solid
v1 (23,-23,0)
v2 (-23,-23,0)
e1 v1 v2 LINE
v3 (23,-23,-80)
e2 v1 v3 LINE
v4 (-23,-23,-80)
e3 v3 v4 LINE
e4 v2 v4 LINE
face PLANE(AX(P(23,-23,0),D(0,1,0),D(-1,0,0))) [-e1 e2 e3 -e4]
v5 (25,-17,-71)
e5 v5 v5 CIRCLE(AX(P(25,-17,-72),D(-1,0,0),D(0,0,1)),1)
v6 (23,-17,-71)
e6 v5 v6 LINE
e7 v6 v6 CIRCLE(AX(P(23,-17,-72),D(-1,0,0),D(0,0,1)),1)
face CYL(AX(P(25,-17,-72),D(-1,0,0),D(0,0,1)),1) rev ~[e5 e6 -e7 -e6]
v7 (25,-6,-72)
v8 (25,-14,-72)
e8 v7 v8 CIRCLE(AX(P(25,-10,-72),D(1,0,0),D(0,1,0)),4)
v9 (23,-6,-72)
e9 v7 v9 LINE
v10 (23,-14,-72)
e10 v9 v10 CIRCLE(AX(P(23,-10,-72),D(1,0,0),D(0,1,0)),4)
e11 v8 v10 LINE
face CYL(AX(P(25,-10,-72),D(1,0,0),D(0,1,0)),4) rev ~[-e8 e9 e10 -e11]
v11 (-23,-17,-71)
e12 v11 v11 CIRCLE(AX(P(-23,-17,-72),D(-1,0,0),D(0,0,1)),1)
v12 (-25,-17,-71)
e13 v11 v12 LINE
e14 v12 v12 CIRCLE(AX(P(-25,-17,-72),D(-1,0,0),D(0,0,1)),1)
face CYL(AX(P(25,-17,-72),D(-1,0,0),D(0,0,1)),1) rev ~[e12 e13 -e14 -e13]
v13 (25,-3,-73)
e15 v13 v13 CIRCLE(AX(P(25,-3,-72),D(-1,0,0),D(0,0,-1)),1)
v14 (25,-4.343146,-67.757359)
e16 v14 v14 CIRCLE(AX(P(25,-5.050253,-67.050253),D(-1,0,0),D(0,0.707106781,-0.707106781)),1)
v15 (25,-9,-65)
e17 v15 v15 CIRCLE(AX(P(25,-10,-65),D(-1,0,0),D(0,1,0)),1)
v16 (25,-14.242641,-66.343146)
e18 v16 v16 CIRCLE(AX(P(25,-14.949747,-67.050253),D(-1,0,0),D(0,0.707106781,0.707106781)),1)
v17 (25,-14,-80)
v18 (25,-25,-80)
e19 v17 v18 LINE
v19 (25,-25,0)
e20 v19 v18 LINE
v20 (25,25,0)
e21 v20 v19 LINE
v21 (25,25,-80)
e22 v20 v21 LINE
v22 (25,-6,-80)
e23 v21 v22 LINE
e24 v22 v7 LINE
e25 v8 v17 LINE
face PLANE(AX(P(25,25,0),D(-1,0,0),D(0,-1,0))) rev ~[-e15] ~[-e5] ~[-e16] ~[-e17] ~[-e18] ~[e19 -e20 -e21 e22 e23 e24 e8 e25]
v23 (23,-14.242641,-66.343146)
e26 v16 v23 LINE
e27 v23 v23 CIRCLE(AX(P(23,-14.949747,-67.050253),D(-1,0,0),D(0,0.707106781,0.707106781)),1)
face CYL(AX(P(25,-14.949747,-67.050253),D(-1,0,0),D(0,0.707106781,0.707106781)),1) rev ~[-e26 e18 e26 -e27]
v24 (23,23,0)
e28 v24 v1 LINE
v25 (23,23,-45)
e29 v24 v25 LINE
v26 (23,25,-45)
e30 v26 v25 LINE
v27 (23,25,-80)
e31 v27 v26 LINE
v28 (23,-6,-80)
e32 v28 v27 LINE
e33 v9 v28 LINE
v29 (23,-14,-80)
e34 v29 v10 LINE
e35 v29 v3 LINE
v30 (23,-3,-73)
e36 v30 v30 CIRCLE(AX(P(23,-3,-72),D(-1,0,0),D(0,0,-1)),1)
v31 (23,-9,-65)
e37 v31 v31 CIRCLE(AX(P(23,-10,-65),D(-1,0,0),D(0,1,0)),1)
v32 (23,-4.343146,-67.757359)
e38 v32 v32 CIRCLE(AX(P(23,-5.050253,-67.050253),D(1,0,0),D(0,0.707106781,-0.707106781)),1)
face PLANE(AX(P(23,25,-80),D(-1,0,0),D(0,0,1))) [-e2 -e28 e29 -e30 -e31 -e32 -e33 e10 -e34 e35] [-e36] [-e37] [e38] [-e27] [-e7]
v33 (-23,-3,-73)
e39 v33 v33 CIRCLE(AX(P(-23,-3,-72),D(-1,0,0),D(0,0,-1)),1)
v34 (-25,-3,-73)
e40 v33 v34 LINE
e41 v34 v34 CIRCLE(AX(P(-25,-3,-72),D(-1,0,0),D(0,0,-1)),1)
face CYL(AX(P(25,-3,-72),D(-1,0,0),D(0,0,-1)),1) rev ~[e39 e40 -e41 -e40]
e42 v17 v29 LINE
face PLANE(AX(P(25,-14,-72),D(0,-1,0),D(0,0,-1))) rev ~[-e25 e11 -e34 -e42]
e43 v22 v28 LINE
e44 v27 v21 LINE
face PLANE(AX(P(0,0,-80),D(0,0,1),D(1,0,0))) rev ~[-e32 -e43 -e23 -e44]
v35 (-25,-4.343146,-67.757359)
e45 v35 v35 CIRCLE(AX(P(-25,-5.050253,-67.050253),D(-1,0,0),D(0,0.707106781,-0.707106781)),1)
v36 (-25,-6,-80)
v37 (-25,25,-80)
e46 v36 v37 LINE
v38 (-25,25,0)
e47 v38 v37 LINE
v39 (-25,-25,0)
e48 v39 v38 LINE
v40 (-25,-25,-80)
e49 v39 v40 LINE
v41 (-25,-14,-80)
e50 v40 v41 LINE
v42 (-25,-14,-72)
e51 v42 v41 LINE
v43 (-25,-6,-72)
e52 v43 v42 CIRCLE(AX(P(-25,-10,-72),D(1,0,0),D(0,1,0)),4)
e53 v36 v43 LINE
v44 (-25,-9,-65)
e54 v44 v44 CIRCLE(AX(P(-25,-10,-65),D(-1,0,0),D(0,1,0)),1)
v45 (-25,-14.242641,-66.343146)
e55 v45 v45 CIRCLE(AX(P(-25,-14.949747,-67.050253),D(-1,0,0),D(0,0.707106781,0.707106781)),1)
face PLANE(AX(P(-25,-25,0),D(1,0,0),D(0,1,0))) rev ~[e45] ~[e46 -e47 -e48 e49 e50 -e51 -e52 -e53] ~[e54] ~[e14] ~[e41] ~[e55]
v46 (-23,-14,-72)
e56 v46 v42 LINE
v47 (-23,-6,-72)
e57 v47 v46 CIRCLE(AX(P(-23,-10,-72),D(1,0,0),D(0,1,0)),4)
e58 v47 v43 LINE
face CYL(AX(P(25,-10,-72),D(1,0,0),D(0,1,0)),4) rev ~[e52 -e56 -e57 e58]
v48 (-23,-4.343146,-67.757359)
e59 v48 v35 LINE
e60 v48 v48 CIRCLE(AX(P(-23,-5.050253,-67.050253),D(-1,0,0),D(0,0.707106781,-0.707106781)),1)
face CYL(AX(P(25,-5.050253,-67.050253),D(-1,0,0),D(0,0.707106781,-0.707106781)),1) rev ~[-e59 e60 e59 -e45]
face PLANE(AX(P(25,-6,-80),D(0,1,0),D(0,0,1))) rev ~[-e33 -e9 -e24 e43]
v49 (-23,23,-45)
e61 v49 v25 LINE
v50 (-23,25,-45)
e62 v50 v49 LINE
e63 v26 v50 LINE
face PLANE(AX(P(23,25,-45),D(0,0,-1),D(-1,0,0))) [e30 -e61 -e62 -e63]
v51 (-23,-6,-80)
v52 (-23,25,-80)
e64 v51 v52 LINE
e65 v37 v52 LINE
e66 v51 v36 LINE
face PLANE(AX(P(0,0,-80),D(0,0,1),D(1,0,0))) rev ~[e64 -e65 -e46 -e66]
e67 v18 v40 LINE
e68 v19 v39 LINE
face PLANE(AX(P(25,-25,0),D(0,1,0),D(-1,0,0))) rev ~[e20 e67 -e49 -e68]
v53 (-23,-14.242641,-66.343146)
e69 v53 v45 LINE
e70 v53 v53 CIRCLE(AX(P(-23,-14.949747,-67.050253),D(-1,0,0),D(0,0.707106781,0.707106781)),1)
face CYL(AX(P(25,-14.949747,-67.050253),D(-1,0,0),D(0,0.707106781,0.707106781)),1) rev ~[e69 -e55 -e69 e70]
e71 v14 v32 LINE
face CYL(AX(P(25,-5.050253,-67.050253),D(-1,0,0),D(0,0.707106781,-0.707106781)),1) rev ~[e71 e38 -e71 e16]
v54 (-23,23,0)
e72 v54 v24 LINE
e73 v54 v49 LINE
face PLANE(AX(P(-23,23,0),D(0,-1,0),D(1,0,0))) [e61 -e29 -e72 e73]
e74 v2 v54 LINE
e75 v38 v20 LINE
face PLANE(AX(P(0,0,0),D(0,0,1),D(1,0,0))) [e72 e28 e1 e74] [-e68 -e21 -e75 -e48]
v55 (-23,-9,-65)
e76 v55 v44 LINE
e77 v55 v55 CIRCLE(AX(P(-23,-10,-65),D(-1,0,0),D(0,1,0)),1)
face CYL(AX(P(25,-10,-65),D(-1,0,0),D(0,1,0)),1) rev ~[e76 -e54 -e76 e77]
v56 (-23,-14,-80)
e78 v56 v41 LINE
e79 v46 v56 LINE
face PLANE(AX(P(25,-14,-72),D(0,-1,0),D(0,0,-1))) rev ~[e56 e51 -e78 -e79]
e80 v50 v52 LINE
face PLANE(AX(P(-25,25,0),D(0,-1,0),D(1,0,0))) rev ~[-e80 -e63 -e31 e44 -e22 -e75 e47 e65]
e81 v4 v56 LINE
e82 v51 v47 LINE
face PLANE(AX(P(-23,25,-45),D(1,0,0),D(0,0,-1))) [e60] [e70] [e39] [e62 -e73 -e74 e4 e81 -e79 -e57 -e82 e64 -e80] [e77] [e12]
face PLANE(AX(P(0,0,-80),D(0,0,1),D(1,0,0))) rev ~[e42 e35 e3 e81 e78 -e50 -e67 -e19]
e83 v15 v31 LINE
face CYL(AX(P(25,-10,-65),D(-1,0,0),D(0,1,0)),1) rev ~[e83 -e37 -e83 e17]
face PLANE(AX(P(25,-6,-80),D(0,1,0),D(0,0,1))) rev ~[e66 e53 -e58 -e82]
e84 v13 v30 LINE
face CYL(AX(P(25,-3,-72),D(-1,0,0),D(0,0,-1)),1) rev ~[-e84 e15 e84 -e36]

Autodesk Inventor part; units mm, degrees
ref_plane "YZ Plane" through (0, 0, 0) normal (1, 0, 0) x (0, 1, 0)
ref_plane "XZ Plane" through (0, 0, 0) normal (0, 1, 0) x (-1, 0, 0)
ref_plane "XY Plane" through (0, 0, 0) normal (0, 0, 1) x (1, 0, 0)
sketch "スケッチ1" plane through (0, 0, 0) normal (0, 0, 1) x (1, 0, 0)
  line L0 (-25, 25) -> (25, 25)
  line L1 (25, 25) -> (25, -25)
  line L2 (25, -25) -> (-25, -25)
  line L3 (-25, -25) -> (-25, 25)
  line L4 (-23, 23) -> (23, 23)
  line L5 (23, 23) -> (23, -23)
  line L6 (23, -23) -> (-23, -23)
  line L7 (-23, -23) -> (-23, 23)
  point P0 (0, 0)
  dimension "d0" = 50
  dimension "d2" = 50
  dimension "d3" = 46
  dimension "d4" = 23
  dimension "d5" = 23
  dimension "d6" = 25
  dimension "d7" = 46
  dimension "d8" = 25
extrude "押し出し1" add sketch "スケッチ1" against normal blind 80
sketch "スケッチ2" plane through (25, -25, 0) normal (1, 0, 0) x (0, 0, -1)
  line L0 (0, 0) -> (80, 0) projected
  line L1 (80, 50) -> (80, 0) projected
  line L2 (80, 19) -> (72, 19)
  line L3 (72, 11) -> (80, 11)
  line L4 (80, 11) -> (80, 19)
  arc A0 (72, 19) -> (72, 11) centre (72, 15) ccw
  point P0 (0, 25)
  dimension "d11" = 8
  dimension "d15" = 4
  dimension "d16" = 8
  dimension "d17" = 15
  dimension "d18" = 8
  dimension "d19" = 8
extrude "押し出し2" cut sketch "スケッチ2" against normal blind 60
sketch "スケッチ3" plane through (25, -25, 0) normal (1, 0, 0) x (0, 0, -1)
  arc A0 (72, 19) -> (72, 11) centre (72, 15) ccw projected
  circle A1 centre (72, 22) radius 1
  point P0 (0, 25)
  dimension "d22" = 0
  dimension "d23" = 7
  dimension "d24" = 2
hole "穴1" at (25, -3, -72) direction (-1, 0, 0) diameter 2 end through all
pattern_circular "円形状パターン1" count 5 over 180 about axis through (25, -10, -72) along (1, 0, 0) of "穴1"
sketch "スケッチ4" plane through (-25, 25, 0) normal (0, 1, 0) x (1, 0, 0)
  line L0 (50, 0) -> (50, 80) projected
  line L1 (0, 80) -> (50, 80) projected
  line L2 (2, 80) -> (48, 80)
  line L3 (48, 80) -> (48, 45)
  line L4 (48, 45) -> (2, 45)
  line L5 (2, 45) -> (2, 80)
  point P0 (25, 0)
  dimension "d35" = 46
  dimension "d37" = 2
  dimension "d38" = 35
extrude "押し出し3" cut sketch "スケッチ4" against normal blind 30
properties part number "Arm_Fifth_Flame"
